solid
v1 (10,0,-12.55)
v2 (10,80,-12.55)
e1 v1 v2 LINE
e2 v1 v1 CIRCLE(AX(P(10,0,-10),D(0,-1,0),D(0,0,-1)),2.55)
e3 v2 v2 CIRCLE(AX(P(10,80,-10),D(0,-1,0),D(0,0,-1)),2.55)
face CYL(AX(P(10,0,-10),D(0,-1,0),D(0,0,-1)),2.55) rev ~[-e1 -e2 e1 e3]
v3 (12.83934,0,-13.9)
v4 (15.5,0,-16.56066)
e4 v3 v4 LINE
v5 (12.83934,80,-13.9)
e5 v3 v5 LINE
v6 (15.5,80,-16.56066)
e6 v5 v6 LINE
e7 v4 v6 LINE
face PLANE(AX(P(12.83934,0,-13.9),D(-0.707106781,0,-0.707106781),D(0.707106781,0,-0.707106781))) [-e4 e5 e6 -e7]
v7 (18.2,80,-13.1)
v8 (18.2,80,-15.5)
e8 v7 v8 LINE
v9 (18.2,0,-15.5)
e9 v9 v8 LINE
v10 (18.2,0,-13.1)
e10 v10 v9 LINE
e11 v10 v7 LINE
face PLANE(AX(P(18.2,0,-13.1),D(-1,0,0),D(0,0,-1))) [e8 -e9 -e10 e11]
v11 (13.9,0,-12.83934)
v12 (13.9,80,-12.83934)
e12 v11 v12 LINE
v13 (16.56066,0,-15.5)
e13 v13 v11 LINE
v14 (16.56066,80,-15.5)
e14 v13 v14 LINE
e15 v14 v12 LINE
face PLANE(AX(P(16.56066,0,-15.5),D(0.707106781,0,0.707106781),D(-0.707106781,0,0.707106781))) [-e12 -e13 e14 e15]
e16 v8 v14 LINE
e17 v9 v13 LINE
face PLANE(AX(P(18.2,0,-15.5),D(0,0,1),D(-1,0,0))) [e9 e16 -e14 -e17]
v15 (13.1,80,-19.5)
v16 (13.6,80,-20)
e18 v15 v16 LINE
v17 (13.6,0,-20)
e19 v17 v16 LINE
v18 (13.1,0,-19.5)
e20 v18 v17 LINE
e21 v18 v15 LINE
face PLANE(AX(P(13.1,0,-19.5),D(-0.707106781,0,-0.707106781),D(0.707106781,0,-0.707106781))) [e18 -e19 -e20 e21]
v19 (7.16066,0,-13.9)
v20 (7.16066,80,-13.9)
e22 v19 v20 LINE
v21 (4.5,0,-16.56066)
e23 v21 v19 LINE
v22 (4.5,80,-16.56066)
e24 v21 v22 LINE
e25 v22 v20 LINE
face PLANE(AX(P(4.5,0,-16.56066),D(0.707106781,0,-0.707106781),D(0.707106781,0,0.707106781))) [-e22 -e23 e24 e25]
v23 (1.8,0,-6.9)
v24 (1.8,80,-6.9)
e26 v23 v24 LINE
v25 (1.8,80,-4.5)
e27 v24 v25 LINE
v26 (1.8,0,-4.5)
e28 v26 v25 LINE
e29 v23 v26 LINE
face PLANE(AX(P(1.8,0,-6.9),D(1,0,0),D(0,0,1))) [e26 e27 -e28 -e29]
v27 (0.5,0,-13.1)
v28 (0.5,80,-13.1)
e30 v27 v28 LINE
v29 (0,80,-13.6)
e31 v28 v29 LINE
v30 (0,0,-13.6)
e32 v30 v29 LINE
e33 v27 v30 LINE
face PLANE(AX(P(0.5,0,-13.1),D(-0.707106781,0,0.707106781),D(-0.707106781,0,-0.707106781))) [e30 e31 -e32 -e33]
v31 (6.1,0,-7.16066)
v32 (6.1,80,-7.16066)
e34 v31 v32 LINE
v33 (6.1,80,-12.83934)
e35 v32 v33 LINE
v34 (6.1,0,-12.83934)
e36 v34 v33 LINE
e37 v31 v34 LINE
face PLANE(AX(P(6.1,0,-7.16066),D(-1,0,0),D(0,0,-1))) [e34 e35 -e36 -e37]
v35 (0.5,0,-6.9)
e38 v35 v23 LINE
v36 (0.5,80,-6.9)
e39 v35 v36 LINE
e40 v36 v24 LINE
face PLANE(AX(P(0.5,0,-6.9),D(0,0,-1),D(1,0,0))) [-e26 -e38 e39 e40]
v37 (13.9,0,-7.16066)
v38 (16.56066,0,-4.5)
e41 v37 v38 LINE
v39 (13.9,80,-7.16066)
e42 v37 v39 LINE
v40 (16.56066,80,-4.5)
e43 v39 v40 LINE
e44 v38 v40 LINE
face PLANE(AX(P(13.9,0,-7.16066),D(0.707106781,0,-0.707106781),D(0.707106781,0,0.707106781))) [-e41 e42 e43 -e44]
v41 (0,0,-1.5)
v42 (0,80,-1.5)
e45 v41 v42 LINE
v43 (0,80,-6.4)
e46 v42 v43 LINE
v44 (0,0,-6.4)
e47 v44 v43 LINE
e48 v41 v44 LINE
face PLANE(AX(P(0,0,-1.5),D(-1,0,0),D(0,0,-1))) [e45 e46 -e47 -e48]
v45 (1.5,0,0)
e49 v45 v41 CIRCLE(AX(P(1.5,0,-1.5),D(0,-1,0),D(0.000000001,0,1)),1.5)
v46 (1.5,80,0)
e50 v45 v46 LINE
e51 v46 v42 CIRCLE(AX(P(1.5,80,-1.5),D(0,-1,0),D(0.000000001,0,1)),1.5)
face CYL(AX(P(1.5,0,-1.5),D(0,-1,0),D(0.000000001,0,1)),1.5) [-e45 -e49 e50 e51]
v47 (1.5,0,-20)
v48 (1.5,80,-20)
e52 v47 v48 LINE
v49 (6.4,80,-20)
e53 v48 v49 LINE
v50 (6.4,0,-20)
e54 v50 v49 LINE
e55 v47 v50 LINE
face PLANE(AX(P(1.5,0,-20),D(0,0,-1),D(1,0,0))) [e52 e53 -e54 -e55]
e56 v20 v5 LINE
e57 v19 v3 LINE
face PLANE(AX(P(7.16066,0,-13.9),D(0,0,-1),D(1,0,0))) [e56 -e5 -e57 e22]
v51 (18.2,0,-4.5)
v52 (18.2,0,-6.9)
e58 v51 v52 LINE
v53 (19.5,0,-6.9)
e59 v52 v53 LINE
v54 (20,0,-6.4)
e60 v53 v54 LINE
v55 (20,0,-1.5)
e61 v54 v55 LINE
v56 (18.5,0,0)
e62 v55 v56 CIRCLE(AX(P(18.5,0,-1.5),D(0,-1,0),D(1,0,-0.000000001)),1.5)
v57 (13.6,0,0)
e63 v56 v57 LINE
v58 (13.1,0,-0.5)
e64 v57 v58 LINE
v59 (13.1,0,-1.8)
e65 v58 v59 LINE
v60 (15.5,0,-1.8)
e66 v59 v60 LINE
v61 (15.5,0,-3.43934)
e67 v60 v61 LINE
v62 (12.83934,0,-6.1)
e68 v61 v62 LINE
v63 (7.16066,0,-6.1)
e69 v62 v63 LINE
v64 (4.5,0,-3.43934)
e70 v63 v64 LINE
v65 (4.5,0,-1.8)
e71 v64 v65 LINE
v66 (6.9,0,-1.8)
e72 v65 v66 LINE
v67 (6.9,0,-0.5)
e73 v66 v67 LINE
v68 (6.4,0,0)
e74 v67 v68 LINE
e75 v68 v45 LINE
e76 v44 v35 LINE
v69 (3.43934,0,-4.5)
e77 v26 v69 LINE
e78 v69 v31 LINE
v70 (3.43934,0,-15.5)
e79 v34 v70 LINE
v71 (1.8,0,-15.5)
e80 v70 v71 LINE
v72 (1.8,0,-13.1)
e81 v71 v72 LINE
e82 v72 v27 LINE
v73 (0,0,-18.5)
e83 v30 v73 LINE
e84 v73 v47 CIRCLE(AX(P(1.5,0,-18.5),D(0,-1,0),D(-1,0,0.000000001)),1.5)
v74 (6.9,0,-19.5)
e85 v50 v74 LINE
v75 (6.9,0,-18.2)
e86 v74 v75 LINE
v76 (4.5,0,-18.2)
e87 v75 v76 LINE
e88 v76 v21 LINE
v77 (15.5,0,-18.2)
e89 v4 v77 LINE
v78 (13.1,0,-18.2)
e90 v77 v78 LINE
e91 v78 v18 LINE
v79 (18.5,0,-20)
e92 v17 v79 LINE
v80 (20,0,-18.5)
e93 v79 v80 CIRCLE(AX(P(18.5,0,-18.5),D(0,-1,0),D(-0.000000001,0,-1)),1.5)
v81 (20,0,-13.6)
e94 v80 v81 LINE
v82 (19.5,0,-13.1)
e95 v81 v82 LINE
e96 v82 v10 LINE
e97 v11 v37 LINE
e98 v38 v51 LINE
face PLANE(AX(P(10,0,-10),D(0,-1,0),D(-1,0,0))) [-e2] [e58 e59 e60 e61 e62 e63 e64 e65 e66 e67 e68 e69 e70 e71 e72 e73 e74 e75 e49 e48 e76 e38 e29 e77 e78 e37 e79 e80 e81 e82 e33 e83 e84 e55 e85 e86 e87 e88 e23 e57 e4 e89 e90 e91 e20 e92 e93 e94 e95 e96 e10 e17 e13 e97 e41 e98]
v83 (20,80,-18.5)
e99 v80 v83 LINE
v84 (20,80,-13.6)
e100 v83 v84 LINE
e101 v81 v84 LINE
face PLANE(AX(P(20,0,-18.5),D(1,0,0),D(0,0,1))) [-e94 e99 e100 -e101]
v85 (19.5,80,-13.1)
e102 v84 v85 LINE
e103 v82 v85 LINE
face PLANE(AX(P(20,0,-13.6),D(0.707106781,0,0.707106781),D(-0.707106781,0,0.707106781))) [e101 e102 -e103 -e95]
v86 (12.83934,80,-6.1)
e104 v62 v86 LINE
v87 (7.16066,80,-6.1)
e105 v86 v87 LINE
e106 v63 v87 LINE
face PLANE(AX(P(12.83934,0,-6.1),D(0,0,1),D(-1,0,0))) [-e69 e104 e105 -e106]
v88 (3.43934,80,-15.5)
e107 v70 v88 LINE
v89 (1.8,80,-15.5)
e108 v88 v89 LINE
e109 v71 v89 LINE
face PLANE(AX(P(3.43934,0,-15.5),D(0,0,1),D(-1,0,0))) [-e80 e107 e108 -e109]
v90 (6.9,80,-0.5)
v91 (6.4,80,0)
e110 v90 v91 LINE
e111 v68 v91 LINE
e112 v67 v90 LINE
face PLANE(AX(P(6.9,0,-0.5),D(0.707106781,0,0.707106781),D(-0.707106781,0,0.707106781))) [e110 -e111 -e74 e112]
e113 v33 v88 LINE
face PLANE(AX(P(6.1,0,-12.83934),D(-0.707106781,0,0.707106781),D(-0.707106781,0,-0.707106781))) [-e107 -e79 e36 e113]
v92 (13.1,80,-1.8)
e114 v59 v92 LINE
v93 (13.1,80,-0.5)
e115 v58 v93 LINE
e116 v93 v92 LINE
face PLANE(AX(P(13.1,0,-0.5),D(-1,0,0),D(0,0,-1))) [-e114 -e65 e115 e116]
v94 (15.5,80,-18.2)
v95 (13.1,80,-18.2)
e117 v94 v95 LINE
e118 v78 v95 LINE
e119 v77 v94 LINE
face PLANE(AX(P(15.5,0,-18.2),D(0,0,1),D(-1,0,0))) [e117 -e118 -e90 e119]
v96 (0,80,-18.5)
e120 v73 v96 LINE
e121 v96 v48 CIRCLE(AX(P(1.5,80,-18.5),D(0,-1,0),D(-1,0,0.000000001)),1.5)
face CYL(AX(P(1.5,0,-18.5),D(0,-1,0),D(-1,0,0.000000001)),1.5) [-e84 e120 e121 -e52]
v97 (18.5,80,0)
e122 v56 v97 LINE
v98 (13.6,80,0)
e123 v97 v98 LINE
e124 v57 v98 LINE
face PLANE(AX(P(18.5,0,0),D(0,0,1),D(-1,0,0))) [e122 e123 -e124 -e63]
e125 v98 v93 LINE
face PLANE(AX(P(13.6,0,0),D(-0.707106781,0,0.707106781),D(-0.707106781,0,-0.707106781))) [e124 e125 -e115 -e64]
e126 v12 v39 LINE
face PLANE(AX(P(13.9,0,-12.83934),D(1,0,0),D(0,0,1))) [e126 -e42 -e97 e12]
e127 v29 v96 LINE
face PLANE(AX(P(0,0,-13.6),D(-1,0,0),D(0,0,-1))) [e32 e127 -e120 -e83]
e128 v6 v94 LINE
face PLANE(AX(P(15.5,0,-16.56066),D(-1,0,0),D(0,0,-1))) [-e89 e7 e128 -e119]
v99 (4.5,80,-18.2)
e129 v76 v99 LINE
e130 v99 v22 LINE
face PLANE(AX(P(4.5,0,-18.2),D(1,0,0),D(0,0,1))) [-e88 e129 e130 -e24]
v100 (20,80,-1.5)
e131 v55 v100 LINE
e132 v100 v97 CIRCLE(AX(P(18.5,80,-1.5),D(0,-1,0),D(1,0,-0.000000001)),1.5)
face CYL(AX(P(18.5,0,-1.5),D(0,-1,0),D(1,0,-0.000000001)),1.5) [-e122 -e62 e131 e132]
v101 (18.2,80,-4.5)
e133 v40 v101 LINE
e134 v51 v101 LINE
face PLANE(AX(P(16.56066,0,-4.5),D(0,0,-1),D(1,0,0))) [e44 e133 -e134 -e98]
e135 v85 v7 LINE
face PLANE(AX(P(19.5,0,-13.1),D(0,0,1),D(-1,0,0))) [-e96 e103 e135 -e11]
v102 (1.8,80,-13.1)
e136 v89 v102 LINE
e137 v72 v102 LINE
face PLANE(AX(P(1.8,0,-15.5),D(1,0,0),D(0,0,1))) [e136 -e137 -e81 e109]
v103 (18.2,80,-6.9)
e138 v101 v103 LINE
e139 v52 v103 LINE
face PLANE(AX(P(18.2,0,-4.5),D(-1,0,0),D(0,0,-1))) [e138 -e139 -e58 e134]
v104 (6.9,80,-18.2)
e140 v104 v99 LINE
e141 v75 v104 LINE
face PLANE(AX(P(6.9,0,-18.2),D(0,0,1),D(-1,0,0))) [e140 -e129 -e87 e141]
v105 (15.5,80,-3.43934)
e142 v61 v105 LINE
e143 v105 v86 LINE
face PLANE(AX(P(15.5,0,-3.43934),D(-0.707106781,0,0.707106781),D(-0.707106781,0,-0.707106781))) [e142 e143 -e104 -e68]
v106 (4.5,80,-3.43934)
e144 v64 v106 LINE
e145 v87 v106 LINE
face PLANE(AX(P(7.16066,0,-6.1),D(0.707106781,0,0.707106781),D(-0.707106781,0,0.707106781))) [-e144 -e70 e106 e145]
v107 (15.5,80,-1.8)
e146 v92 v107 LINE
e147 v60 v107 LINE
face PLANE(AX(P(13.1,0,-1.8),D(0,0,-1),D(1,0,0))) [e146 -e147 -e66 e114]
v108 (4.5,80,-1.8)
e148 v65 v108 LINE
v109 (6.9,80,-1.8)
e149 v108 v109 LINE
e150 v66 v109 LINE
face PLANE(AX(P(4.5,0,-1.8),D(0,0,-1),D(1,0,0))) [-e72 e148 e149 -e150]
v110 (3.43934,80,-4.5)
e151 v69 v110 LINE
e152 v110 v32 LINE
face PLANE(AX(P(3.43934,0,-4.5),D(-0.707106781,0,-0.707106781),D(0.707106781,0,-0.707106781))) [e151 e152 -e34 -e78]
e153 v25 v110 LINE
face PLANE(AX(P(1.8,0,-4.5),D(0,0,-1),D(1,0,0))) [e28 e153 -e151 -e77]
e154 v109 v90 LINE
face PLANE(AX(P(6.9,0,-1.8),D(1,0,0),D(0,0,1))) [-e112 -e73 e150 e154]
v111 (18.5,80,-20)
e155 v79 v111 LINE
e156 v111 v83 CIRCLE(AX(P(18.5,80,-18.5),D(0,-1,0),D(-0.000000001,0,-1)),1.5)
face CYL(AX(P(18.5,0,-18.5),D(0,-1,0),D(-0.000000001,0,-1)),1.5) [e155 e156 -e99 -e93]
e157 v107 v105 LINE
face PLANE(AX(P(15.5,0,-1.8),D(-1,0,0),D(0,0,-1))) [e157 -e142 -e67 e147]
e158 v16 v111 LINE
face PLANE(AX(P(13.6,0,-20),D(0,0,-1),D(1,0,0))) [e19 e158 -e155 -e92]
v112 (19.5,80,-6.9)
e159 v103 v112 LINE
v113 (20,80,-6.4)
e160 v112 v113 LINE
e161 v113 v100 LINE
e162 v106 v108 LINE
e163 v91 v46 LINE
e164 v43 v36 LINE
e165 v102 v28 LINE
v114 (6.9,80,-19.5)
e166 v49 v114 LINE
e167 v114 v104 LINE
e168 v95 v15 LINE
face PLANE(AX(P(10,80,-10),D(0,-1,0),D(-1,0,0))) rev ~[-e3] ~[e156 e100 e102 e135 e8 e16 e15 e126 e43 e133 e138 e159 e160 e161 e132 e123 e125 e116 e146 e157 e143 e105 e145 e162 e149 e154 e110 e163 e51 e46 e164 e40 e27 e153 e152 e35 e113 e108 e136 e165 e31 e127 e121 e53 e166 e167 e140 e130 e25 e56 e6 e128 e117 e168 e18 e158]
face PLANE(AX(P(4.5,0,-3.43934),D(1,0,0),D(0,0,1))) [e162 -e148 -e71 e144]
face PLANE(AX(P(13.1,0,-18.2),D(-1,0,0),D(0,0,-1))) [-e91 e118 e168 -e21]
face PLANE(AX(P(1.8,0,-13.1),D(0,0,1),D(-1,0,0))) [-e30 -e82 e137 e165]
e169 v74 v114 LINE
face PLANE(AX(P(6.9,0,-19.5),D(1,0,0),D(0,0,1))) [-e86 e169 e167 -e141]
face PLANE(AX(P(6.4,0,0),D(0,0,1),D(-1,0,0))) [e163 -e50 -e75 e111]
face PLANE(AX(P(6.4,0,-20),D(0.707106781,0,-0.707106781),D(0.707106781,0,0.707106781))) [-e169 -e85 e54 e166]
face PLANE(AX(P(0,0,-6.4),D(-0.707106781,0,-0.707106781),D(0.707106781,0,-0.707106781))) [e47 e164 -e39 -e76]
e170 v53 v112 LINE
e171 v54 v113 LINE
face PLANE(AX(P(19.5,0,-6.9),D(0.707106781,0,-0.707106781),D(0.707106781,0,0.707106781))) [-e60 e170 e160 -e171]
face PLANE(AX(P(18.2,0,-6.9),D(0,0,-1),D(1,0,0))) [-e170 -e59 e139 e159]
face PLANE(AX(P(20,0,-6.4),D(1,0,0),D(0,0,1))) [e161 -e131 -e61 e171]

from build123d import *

# Parameters (mm, degrees)
EXTRUDE_2_DEPTH     = 80
SKETCH_4_R          = 2.55
CUT_EXTRUDE_2_DEPTH = 85.852813742


with BuildPart() as part:
    # 草图1 → 凸台-拉伸2 (new body)
    with BuildSketch(Plane(origin=(0, 0, 0), x_dir=(1, 0, 0), z_dir=(0, 1, 0))):
        with BuildLine():
            Line((13.9, 12.839339828), (13.9, 7.160660172))
            Line((13.9, 7.160660172), (16.560660172, 4.5))
            Line((16.560660172, 4.5), (18.2, 4.5))
            Line((18.2, 4.5), (18.2, 6.9))
            Line((18.2, 6.9), (19.5, 6.9))
            Line((19.5, 6.9), (20, 6.4))
            Line((20, 6.4), (20, 1.5))
            ThreePointArc((20, 1.5), (19.560660172, 0.439339828), (18.5, 0))
            Line((18.5, 0), (13.6, 0))
            Line((13.6, 0), (13.1, 0.5))
            Line((13.1, 0.5), (13.1, 1.8))
            Line((13.1, 1.8), (15.5, 1.8))
            Line((15.5, 1.8), (15.5, 3.439339828))
            Line((15.5, 3.439339828), (12.839339828, 6.1))
            Line((12.839339828, 6.1), (7.160660172, 6.1))
            Line((7.160660172, 6.1), (4.5, 3.439339828))
            Line((4.5, 3.439339828), (4.5, 1.8))
            Line((4.5, 1.8), (6.9, 1.8))
            Line((6.9, 1.8), (6.9, 0.5))
            Line((6.9, 0.5), (6.4, 0))
            Line((6.4, 0), (1.5, 0))
            ThreePointArc((1.5, 0), (0.439339828, 0.439339828), (0, 1.5))
            Line((0, 1.5), (0, 6.4))
            Line((0, 6.4), (0.5, 6.9))
            Line((0.5, 6.9), (1.8, 6.9))
            Line((1.8, 6.9), (1.8, 4.5))
            Line((1.8, 4.5), (3.439339828, 4.5))
            Line((3.439339828, 4.5), (6.1, 7.160660172))
            Line((6.1, 7.160660172), (6.1, 12.839339828))
            Line((6.1, 12.839339828), (3.439339828, 15.5))
            Line((3.439339828, 15.5), (1.8, 15.5))
            Line((1.8, 15.5), (1.8, 13.1))
            Line((1.8, 13.1), (0.5, 13.1))
            Line((0.5, 13.1), (0, 13.6))
            Line((0, 13.6), (0, 18.5))
            ThreePointArc((0, 18.5), (0.439339828, 19.560660172), (1.5, 20))
            Line((1.5, 20), (6.4, 20))
            Line((6.4, 20), (6.9, 19.5))
            Line((6.9, 19.5), (6.9, 18.2))
            Line((6.9, 18.2), (4.5, 18.2))
            Line((4.5, 18.2), (4.5, 16.560660172))
            Line((4.5, 16.560660172), (7.160660172, 13.9))
            Line((7.160660172, 13.9), (12.839339828, 13.9))
            Line((12.839339828, 13.9), (15.5, 16.560660172))
            Line((15.5, 16.560660172), (15.5, 18.2))
            Line((15.5, 18.2), (13.1, 18.2))
            Line((13.1, 18.2), (13.1, 19.5))
            Line((13.1, 19.5), (13.6, 20))
            Line((13.6, 20), (18.5, 20))
            ThreePointArc((18.5, 20), (19.560660172, 19.560660172), (20, 18.5))
            Line((20, 18.5), (20, 13.6))
            Line((20, 13.6), (19.5, 13.1))
            Line((19.5, 13.1), (18.2, 13.1))
            Line((18.2, 13.1), (18.2, 15.5))
            Line((18.2, 15.5), (16.560660172, 15.5))
            Line((16.560660172, 15.5), (13.9, 12.839339828))
        make_face()
    extrude(amount=EXTRUDE_2_DEPTH)

    # 草图4 → 切除-拉伸2 (cut, through all)
    with BuildSketch(Plane.XZ):
        with Locations(Location((10, -10, 0), (0, 0, 270))):
            Circle(SKETCH_4_R)
    extrude(amount=-CUT_EXTRUDE_2_DEPTH, mode=Mode.SUBTRACT)


solid = part.part
